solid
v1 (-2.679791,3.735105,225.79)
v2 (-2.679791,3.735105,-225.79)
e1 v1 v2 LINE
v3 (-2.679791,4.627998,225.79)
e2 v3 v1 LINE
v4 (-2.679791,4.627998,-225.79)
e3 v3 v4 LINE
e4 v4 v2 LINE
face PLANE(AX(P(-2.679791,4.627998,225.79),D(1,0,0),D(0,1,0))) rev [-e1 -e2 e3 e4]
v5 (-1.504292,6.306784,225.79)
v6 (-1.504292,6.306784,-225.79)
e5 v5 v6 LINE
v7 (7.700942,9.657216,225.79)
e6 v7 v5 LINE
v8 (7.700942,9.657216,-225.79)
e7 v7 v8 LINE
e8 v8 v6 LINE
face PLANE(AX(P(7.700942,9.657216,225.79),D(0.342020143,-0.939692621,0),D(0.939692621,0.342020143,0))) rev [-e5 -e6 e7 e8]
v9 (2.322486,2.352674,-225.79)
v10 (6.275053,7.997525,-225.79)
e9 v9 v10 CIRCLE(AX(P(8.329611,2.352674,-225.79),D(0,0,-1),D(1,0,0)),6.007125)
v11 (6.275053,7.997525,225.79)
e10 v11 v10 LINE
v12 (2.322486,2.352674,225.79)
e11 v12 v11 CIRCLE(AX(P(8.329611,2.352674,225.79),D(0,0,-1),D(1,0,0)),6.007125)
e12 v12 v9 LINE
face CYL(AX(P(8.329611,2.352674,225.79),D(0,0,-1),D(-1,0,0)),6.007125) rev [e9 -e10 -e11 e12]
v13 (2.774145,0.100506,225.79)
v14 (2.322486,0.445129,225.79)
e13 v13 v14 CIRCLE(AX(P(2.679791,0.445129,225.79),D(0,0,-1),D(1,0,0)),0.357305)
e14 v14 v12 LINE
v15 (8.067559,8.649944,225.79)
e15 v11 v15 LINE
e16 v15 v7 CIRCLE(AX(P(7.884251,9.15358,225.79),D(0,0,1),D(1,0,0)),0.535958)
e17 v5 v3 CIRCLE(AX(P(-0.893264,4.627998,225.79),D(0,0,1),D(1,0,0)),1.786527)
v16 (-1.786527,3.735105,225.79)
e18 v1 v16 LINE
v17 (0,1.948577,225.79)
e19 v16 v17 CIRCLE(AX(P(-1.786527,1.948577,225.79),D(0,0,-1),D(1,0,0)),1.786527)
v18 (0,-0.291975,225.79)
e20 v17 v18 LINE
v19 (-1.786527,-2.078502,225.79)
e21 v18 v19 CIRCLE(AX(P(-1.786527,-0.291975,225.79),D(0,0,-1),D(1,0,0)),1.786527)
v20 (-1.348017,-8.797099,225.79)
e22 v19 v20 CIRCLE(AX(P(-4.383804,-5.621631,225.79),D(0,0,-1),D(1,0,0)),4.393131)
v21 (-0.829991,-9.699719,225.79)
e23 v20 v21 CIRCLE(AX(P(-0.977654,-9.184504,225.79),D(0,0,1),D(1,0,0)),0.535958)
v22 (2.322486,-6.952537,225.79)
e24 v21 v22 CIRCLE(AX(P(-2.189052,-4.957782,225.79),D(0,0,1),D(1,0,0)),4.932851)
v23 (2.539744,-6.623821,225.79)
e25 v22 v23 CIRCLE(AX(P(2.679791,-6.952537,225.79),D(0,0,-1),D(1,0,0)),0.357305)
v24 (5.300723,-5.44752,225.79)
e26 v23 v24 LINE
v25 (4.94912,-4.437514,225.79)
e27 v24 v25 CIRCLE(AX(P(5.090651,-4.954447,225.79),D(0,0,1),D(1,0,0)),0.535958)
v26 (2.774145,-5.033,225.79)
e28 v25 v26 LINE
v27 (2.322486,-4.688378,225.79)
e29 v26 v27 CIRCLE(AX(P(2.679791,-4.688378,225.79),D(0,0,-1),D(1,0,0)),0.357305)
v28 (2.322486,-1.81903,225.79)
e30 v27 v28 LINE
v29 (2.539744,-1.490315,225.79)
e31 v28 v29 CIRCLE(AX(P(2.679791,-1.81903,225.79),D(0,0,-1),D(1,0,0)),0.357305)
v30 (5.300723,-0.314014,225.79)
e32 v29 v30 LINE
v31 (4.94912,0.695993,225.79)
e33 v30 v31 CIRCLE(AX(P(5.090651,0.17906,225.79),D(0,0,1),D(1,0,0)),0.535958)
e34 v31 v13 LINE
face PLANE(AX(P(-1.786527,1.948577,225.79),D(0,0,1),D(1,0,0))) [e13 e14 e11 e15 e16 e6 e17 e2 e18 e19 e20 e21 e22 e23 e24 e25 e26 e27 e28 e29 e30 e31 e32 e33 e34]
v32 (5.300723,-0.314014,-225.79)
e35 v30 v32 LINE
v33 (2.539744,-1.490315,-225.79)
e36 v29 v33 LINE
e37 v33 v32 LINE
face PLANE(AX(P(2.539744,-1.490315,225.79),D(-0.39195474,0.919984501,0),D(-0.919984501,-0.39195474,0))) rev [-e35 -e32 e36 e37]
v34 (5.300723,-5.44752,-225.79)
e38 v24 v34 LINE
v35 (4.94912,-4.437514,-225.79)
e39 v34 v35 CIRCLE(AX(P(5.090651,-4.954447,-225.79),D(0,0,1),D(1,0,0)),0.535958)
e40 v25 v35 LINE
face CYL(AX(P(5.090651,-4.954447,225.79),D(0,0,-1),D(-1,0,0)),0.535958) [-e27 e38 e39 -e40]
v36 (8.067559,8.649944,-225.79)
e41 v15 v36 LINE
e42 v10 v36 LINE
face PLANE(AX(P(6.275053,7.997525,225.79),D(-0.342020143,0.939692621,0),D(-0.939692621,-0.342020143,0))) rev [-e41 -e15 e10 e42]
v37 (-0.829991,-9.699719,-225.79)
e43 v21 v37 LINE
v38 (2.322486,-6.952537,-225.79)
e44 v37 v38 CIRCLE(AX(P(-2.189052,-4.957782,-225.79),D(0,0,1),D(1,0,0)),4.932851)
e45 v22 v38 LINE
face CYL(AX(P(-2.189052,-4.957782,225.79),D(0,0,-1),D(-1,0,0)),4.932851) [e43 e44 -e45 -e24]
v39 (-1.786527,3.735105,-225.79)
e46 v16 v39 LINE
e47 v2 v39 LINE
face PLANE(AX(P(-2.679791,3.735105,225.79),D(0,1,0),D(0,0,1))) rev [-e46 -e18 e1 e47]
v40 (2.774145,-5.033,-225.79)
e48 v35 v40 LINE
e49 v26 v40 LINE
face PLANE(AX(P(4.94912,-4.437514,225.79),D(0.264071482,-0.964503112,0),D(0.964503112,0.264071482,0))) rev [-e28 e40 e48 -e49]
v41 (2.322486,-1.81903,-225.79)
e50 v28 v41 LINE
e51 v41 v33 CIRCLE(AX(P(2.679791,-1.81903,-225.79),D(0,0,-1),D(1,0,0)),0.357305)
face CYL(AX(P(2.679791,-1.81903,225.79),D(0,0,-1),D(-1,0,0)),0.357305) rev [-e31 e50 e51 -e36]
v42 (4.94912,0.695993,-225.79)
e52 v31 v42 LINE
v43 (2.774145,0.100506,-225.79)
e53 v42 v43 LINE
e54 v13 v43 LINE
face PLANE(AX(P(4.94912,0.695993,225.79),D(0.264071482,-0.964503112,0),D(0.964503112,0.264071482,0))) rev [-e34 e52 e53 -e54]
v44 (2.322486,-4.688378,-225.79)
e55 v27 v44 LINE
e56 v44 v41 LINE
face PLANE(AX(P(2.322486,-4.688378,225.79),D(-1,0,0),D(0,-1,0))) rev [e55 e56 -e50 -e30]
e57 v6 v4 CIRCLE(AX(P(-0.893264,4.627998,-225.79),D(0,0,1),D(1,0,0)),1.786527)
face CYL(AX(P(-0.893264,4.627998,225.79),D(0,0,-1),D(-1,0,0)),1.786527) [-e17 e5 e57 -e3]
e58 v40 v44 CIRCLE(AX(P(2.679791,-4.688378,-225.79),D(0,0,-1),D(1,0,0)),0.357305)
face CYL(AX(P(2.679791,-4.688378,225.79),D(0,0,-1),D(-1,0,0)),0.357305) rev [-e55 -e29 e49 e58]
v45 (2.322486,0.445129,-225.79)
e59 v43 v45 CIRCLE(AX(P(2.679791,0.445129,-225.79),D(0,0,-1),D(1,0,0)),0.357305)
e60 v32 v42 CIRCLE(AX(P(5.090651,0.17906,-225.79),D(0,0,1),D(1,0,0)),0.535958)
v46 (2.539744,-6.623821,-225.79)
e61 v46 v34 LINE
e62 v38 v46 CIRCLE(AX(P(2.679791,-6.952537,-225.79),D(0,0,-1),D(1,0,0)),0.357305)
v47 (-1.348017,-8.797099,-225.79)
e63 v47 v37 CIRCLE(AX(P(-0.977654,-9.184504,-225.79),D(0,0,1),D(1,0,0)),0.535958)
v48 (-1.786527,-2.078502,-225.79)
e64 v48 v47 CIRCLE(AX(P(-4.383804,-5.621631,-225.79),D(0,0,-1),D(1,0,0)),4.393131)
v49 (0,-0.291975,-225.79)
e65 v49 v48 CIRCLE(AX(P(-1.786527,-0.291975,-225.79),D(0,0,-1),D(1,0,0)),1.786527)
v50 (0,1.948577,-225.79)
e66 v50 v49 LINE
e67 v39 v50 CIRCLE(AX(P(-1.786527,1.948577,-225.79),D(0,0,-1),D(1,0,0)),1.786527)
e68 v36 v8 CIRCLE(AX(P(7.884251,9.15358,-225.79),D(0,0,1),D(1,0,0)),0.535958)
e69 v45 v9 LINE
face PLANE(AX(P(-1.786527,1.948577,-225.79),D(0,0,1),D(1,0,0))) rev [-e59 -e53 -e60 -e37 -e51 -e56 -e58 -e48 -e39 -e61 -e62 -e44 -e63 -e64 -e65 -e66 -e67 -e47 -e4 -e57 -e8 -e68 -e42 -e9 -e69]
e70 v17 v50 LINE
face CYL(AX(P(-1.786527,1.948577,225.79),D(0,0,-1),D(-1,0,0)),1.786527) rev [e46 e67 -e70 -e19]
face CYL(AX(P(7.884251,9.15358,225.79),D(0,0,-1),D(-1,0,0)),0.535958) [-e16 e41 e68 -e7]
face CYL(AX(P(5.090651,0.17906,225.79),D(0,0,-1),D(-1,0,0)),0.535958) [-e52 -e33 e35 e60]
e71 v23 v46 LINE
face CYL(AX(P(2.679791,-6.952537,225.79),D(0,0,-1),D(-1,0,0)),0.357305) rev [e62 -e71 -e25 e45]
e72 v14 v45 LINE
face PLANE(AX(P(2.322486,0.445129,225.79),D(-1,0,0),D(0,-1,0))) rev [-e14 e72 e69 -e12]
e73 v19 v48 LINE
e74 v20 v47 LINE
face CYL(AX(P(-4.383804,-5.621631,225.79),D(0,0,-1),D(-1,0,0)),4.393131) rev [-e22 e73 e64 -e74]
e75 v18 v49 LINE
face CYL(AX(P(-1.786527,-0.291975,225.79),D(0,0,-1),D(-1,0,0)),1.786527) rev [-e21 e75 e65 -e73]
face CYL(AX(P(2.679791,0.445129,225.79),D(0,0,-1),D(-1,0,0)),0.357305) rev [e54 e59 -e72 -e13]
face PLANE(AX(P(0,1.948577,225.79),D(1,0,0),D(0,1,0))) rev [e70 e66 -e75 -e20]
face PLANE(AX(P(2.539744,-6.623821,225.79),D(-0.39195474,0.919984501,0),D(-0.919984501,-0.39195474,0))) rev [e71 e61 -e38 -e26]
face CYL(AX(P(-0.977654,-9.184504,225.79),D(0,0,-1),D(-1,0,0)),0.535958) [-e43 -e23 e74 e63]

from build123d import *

# Parameters (mm, degrees)
BOSS_EXTRUDE1_DEPTH = 225.79


with BuildPart() as part:
    # Sketch3 → Boss-Extrude1 (new, symmetric)
    with BuildSketch(Plane.XY):
        with BuildLine():
            Line((0, 1.948577375), (0, -0.29197505))
            ThreePointArc((0, -0.29197505), (-0.523261774, -1.555240722), (-1.786527446, -2.078502496))
            ThreePointArc((-1.786527446, -2.078502496), (0, -5.335508002), (-1.348017062, -8.797099424))
            ThreePointArc((-1.348017062, -8.797099424), (-1.44249717, -9.451284226), (-0.829990586, -9.699719191))
            ThreePointArc((-0.829990586, -9.699719191), (1.051740503, -8.676690662), (2.322485679, -6.952536967))
            ThreePointArc((2.322485679, -6.952536967), (2.381708142, -6.755524983), (2.539743588, -6.623821455))
            Line((2.539743588, -6.623821455), (5.300722676, -5.447520291))
            ThreePointArc((5.300722676, -5.447520291), (5.596816097, -4.778241367), (4.949120021, -4.437513638))
            Line((4.949120021, -4.437513638), (2.774145358, -5.033000346))
            ThreePointArc((2.774145358, -5.033000346), (2.463049453, -4.972438368), (2.322485679, -4.68837809))
            Line((2.322485679, -4.68837809), (2.322485679, -1.81903037))
            ThreePointArc((2.322485679, -1.81903037), (2.381708142, -1.622018386), (2.539743588, -1.490314858))
            Line((2.539743588, -1.490314858), (5.300722676, -0.314013694))
            ThreePointArc((5.300722676, -0.314013694), (5.596816097, 0.35526523), (4.949120021, 0.695992958))
            Line((4.949120021, 0.695992958), (2.774145358, 0.10050625))
            ThreePointArc((2.774145358, 0.10050625), (2.463049453, 0.161068229), (2.322485679, 0.445128506))
            Line((2.322485679, 0.445128506), (2.322485679, 2.352673629))
            ThreePointArc((2.322485679, 2.352673629), (3.408861985, 5.798219074), (6.275053034, 7.997524819))
            Line((6.275053034, 7.997524819), (8.06755911, 8.649943675))
            ThreePointArc((8.06755911, 8.649943675), (8.387886595, 9.336888184), (7.700942086, 9.65721567))
            Line((7.700942086, 9.65721567), (-1.504292096, 6.306784428))
            ThreePointArc((-1.504292096, 6.306784428), (-2.356701332, 5.652707816), (-2.679791168, 4.627997771))
            Line((-2.679791168, 4.627997771), (-2.679791168, 3.73510482))
            Line((-2.679791168, 3.73510482), (-1.786527446, 3.73510482))
            ThreePointArc((-1.786527446, 3.73510482), (-0.523261774, 3.211843046), (0, 1.948577375))
        make_face()
    extrude(amount=BOSS_EXTRUDE1_DEPTH, both=True)


solid = part.part
